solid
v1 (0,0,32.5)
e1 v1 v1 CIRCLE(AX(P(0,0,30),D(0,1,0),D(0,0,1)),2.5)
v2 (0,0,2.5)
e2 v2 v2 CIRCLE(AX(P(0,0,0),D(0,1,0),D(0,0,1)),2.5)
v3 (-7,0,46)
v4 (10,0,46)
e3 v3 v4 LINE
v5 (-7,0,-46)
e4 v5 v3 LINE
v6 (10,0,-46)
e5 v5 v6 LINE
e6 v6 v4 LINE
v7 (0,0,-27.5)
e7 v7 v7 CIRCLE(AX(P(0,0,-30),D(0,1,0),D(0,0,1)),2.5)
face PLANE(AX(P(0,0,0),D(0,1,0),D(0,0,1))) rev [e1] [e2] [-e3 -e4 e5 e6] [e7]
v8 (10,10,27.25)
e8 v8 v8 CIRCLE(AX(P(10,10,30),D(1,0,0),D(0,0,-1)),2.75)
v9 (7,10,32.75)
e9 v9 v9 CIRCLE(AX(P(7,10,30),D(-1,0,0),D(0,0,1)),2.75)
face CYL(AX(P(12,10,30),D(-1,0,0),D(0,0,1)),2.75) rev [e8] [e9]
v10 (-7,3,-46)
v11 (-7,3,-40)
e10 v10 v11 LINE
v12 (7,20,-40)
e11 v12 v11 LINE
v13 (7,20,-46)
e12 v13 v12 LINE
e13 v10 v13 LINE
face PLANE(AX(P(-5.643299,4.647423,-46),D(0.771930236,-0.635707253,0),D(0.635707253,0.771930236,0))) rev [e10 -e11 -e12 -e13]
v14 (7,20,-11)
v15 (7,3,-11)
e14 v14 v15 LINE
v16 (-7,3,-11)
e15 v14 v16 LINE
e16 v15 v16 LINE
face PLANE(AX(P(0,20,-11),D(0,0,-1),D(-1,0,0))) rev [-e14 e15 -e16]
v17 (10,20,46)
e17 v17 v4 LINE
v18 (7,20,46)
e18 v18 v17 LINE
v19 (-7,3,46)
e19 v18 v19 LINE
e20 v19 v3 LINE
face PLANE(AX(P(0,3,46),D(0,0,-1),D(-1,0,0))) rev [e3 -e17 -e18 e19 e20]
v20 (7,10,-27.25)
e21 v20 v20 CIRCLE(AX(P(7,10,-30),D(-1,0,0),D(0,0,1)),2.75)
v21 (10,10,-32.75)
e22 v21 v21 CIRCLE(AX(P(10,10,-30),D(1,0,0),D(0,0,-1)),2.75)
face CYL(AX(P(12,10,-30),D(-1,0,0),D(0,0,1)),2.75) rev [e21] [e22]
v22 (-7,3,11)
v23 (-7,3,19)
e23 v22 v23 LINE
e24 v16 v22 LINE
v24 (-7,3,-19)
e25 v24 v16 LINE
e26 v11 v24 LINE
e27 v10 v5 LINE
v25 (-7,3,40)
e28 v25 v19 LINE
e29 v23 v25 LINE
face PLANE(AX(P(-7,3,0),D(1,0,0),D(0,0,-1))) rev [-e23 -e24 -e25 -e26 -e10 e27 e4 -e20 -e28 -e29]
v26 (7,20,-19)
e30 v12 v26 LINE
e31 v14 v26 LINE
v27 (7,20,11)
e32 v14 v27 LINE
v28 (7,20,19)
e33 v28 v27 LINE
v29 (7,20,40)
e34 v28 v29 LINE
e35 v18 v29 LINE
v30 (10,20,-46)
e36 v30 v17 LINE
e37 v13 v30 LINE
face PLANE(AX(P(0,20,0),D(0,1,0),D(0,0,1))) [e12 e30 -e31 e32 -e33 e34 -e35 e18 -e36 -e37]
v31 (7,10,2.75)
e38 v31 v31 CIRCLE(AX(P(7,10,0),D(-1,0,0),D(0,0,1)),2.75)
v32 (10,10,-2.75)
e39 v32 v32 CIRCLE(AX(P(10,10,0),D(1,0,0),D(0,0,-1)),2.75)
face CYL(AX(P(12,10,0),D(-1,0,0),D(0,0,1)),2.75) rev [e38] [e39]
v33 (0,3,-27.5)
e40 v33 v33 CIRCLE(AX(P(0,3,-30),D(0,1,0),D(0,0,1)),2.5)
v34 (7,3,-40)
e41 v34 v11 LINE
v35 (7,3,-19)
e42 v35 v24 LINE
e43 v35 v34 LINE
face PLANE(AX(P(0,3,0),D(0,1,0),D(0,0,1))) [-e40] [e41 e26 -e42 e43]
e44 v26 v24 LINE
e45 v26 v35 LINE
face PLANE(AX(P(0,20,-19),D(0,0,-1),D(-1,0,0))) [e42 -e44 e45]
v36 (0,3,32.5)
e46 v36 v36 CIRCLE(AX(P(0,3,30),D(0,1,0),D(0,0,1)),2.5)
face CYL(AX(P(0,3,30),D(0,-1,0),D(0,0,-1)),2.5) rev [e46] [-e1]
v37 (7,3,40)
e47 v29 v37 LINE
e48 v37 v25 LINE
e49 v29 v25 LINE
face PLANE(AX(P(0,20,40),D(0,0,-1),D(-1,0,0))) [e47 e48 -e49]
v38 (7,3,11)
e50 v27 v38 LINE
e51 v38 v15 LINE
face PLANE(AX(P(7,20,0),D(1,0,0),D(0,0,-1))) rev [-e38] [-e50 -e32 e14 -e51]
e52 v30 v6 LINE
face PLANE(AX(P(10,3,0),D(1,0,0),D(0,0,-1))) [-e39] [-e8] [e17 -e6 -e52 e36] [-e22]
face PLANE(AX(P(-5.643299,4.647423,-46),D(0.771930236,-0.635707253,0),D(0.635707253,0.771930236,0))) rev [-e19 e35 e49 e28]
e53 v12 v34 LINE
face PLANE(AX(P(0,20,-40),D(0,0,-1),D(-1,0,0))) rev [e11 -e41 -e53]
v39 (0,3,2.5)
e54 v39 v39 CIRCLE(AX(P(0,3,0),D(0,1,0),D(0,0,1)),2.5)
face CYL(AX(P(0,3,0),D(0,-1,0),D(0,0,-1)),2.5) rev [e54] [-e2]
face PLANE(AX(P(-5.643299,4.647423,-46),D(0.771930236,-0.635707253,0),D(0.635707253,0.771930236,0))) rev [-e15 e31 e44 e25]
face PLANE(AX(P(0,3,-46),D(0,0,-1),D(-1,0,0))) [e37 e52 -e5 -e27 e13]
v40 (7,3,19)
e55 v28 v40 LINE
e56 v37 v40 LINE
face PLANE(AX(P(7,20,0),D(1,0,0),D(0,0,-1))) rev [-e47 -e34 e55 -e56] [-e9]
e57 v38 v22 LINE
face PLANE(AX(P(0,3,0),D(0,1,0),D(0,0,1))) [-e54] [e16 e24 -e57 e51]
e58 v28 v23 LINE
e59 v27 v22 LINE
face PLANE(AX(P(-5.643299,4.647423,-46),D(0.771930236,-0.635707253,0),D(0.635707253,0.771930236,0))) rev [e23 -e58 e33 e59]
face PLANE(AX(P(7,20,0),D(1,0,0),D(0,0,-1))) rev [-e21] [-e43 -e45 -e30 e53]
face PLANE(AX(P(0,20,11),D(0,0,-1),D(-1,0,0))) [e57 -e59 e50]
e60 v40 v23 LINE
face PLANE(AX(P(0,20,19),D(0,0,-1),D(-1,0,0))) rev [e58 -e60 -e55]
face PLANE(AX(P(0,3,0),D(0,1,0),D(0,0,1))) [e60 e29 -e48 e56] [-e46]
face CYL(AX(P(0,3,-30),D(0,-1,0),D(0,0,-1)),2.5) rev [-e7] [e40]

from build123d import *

# Parameters (mm, degrees)
SKETCH1_W               = 17
SKETCH1_H               = 92
SKETCH1_R               = 2.5
BOSS_EXTRUDE1_DEPTH     = 3
BOSS_EXTRUDE6_DEPTH     = 20
CUT_EXTRUDE2_DEPTH      = 95.678403028
CUT_EXTRUDE2_DEPTH_BACK = 95.678403028
SKETCH2_R               = 2.75
CUT_EXTRUDE1_DEPTH      = 5


with BuildPart() as part:
    # Sketch1 → Boss-Extrude1 (new body)
    with BuildSketch(Plane(origin=(0, 0, 0), x_dir=(1, 0, 0), z_dir=(0, 1, 0))):
        with Locations((1.5, 0)):
            Rectangle(SKETCH1_W, SKETCH1_H)
        with Locations((0, -30)):
            Circle(SKETCH1_R, mode=Mode.SUBTRACT)
        Circle(SKETCH1_R, mode=Mode.SUBTRACT)
        with Locations((0, 30)):
            Circle(SKETCH1_R, mode=Mode.SUBTRACT)
    extrude(amount=BOSS_EXTRUDE1_DEPTH)

    # Sketch1<3> → Boss-Extrude6 (add)
    with BuildSketch(Plane(origin=(0, 0, 0), x_dir=(1, 0, 0), z_dir=(0, 1, 0))):
        Polygon((-7, 46), (-7, 40), (7, 40), (7, 19), (-7, 19), (-7, 11), (7, 11), (7, -11), (-7, -11), (-7, -19), (7, -19), (7, -40), (-7, -40), (-7, -46), (7, -46), (10, -46), (10, -40), (10, -18), (10, -12), (10, 12), (10, 18), (10, 40), (10, 46), (7, 46), align=None)
    extrude(amount=BOSS_EXTRUDE6_DEPTH)

    # Sketch3 → Cut-Extrude2 (cut, two sides: drawn at the far end of the back side and taken through both)
    with BuildSketch(Plane.XY.offset(46).offset(-CUT_EXTRUDE2_DEPTH_BACK)):
        Polygon((-7, 20), (-7, 3), (7, 20), align=None)
    extrude(amount=CUT_EXTRUDE2_DEPTH + CUT_EXTRUDE2_DEPTH_BACK, mode=Mode.SUBTRACT)

    # Sketch2 → Cut-Extrude1 (cut)
    with BuildSketch(Plane.ZY.offset(-7)):
        with Locations((-30, 10)):
            Circle(SKETCH2_R)
        with Locations((0, 10)):
            Circle(SKETCH2_R)
        with Locations((30, 10)):
            Circle(SKETCH2_R)
    extrude(amount=-CUT_EXTRUDE1_DEPTH, mode=Mode.SUBTRACT)


solid = part.part
